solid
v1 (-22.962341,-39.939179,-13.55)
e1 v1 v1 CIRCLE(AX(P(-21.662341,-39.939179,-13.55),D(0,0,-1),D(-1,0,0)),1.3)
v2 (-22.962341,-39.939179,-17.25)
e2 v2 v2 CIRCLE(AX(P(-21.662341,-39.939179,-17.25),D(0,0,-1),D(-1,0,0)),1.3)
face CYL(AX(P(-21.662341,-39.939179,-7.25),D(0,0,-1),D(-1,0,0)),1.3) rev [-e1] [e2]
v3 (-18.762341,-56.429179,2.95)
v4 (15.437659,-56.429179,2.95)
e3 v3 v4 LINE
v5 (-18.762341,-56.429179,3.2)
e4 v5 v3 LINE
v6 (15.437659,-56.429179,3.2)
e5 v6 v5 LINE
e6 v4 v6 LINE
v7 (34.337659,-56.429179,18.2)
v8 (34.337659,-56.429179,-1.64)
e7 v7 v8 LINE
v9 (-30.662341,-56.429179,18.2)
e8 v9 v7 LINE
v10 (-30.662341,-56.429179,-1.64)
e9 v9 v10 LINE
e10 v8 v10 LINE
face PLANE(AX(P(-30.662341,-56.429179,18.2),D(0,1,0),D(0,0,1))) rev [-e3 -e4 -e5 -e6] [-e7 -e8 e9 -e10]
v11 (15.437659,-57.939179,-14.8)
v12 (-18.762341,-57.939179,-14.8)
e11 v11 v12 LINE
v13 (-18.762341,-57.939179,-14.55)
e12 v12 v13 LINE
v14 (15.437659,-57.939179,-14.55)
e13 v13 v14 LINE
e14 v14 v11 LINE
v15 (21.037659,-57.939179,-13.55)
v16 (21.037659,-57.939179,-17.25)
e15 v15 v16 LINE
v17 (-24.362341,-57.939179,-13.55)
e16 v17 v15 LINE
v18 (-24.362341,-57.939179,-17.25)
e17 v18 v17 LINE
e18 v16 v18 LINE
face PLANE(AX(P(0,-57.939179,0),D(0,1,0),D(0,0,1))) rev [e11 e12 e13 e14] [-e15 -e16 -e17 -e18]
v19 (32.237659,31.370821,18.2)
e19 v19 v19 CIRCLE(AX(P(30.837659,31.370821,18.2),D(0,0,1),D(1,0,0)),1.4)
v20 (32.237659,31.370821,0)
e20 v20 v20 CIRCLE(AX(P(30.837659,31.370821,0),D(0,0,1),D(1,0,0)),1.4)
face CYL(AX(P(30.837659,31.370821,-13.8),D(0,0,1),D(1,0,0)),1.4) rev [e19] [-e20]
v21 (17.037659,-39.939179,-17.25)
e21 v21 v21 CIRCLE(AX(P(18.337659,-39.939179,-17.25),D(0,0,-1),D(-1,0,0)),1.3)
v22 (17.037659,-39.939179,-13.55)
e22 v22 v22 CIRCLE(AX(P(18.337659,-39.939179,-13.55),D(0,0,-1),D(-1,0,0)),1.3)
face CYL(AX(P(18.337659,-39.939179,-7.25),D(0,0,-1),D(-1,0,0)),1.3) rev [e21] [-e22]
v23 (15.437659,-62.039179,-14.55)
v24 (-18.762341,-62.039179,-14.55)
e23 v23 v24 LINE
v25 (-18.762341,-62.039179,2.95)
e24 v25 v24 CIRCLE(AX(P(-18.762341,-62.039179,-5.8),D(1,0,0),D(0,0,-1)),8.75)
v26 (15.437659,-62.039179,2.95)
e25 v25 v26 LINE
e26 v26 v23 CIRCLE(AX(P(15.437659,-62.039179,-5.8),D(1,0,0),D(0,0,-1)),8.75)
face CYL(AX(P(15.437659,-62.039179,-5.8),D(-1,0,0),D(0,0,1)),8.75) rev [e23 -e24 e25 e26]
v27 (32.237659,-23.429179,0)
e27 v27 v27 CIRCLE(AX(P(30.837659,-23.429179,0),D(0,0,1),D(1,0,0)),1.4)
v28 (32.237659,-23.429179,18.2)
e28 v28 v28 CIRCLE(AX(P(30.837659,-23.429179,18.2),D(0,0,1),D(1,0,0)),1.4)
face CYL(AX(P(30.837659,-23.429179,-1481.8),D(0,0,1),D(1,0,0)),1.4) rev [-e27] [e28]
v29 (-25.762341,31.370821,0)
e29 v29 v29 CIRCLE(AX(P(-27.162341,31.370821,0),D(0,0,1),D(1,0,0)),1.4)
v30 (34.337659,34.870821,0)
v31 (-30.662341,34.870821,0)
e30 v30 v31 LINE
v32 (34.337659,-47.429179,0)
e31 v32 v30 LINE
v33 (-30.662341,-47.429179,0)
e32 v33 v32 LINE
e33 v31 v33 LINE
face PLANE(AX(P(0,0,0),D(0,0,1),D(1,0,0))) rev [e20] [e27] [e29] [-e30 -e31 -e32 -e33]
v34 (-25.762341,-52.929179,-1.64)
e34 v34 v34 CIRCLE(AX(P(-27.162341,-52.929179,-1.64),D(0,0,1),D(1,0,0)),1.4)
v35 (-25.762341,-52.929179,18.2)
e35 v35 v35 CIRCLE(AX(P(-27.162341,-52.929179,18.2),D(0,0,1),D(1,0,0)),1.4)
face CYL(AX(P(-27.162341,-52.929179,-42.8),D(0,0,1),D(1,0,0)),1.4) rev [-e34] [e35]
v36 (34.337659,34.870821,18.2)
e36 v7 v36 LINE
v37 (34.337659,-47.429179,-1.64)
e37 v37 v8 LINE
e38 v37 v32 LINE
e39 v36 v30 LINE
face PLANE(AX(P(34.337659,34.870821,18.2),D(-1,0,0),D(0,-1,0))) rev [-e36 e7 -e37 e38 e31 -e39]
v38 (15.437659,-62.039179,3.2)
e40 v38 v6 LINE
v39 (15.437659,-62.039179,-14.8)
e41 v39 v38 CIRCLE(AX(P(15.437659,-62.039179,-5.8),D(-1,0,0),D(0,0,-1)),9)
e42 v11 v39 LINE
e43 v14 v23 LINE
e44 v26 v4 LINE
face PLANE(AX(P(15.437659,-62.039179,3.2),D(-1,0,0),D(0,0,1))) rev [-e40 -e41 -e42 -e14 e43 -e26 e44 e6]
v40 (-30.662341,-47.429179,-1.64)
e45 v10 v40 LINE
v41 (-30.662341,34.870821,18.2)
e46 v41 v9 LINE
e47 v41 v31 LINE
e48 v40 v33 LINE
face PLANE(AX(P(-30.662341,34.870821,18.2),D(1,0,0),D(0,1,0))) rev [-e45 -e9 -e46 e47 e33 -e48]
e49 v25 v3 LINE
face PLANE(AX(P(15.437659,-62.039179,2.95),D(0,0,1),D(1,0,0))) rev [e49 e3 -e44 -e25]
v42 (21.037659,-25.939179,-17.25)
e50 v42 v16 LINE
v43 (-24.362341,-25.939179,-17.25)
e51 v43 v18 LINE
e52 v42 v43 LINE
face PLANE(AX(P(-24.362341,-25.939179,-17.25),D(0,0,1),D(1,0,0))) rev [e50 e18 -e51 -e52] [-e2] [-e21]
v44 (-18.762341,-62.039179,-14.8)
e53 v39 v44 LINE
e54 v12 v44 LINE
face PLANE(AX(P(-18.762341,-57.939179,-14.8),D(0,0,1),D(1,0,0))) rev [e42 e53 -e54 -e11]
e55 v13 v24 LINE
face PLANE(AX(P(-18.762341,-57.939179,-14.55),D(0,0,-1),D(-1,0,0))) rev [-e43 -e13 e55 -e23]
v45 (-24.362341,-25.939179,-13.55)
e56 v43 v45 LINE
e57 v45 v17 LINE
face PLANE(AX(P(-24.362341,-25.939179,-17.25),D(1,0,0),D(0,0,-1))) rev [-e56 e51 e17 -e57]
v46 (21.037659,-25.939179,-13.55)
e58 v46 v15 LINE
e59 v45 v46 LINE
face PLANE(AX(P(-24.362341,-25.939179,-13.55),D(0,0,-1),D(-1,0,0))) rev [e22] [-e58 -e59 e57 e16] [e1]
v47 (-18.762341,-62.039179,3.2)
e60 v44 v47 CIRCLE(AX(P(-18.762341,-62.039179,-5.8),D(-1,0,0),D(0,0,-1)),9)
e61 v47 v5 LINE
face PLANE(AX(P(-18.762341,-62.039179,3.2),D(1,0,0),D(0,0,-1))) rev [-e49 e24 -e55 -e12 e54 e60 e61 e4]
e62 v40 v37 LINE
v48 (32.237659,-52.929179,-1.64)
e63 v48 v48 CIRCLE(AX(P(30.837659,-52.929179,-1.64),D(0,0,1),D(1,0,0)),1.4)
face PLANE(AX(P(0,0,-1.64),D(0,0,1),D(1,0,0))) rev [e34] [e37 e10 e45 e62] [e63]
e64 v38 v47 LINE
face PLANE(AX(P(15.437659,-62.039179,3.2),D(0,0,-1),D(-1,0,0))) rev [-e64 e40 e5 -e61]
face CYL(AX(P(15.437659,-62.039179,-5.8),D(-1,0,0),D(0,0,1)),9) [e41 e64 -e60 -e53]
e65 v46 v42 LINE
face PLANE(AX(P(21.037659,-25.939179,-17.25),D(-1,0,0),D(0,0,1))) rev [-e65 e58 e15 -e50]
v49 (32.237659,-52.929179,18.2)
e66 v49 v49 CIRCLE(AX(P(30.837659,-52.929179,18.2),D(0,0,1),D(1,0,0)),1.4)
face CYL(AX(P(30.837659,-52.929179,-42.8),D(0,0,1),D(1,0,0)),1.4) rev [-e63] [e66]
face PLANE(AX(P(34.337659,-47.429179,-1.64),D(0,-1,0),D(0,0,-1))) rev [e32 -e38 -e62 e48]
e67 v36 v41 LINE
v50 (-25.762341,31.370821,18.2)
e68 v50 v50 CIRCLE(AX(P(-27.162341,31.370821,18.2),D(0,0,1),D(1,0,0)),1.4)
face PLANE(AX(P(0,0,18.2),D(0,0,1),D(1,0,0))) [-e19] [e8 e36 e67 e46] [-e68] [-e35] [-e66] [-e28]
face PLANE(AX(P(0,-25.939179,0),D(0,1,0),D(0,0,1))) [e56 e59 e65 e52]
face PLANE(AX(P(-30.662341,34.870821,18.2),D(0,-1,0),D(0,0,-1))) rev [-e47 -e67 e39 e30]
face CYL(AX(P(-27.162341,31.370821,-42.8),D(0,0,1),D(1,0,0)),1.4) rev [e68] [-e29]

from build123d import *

# Parameters (mm, degrees)
SKETCH1_W            = 65
SKETCH1_H            = 91.3
BOSS_EXTRUDE2_DEPTH  = 18.2
SKETCH12_W           = 65
SKETCH12_H           = 9
BOSS_EXTRUDE7_DEPTH  = 1.64
SKETCH13_W           = 34.2
SKETCH13_H           = 0.25
BOSS_EXTRUDE8_DEPTH  = 5.61
BOSS_EXTRUDE13_DEPTH = 34.2
SKETCH19_W           = 34.2
SKETCH19_H           = 0.25
BOSS_EXTRUDE14_DEPTH = 4.1
SKETCH20_W           = 45.4
SKETCH20_H           = 3.7
BOSS_EXTRUDE15_DEPTH = 32
SKETCH21_R           = 1.4
CUT_EXTRUDE2_DEPTH   = 32
SKETCH22_R           = 1.4
CUT_EXTRUDE3_DEPTH   = 61
SKETCH23_R           = 1.4
CUT_EXTRUDE4_DEPTH   = 61
SKETCH24_R           = 1.4
CUT_EXTRUDE5_DEPTH   = 61
SKETCH25_R           = 1.3
CUT_EXTRUDE6_DEPTH   = 10
SKETCH26_R           = 1.3
CUT_EXTRUDE7_DEPTH   = 10
SKETCH27_R           = 1.4
CUT_EXTRUDE9_DEPTH   = 1500


with BuildPart() as part:
    # Sketch1 → Boss-Extrude2 (new body)
    with BuildSketch(Plane.XY):
        with Locations((1.837659334, -10.779179331)):
            Rectangle(SKETCH1_W, SKETCH1_H)
    extrude(amount=BOSS_EXTRUDE2_DEPTH)

    # Sketch12 → Boss-Extrude7 (add)
    with BuildSketch(Plane(origin=(0, 0, 0), x_dir=(-1, 0, 0), z_dir=(0, 0, -1))):
        with Locations((-1.837659334, -51.929179331)):
            Rectangle(SKETCH12_W, SKETCH12_H)
    extrude(amount=BOSS_EXTRUDE7_DEPTH)

    # Sketch13 → Boss-Extrude8 (add)
    with BuildSketch(Plane.XZ.offset(56.429179331)):
        with Locations((-1.662340666, 3.075)):
            Rectangle(SKETCH13_W, SKETCH13_H)
    extrude(amount=BOSS_EXTRUDE8_DEPTH)

    # Sketch18 → Boss-Extrude13 (add)
    with BuildSketch(Plane.ZY.offset(18.762340666)):
        with BuildLine():
            Line((3.2, -62.039179331), (2.95, -62.039179331))
            ThreePointArc((2.95, -62.039179331), (-5.8, -70.789179331), (-14.55, -62.039179331))
            Line((-14.55, -62.039179331), (-14.8, -62.039179331))
            ThreePointArc((-14.8, -62.039179331), (-5.8, -71.039179331), (3.2, -62.039179331))
        make_face()
    extrude(amount=-BOSS_EXTRUDE13_DEPTH)

    # Sketch19 → Boss-Extrude14 (add)
    with BuildSketch(Plane(origin=(0, -62.039179331, 0), x_dir=(1, 0, 0), z_dir=(0, 1, 0))):
        with Locations((-1.662340666, 14.675)):
            Rectangle(SKETCH19_W, SKETCH19_H)
    extrude(amount=BOSS_EXTRUDE14_DEPTH)

    # Sketch20 → Boss-Extrude15 (add)
    with BuildSketch(Plane(origin=(0, -57.939179331, 0), x_dir=(1, 0, 0), z_dir=(0, 1, 0))):
        with Locations((-1.662340666, 15.4)):
            Rectangle(SKETCH20_W, SKETCH20_H)
    extrude(amount=BOSS_EXTRUDE15_DEPTH)

    # Sketch21 → Cut-Extrude2 (cut)
    with BuildSketch(Plane.XY.offset(18.2)):
        with Locations((30.837659334, 31.370820669)):
            Circle(SKETCH21_R)
    extrude(amount=-CUT_EXTRUDE2_DEPTH, mode=Mode.SUBTRACT)

    # Sketch22 → Cut-Extrude3 (cut)
    with BuildSketch(Plane.XY.offset(18.2)):
        with Locations((-27.162340666, 31.370820669)):
            Circle(SKETCH22_R)
    extrude(amount=-CUT_EXTRUDE3_DEPTH, mode=Mode.SUBTRACT)

    # Sketch23 → Cut-Extrude4 (cut)
    with BuildSketch(Plane.XY.offset(18.2)):
        with Locations((30.837659334, -52.929179331)):
            Circle(SKETCH23_R)
    extrude(amount=-CUT_EXTRUDE4_DEPTH, mode=Mode.SUBTRACT)

    # Sketch24 → Cut-Extrude5 (cut)
    with BuildSketch(Plane.XY.offset(18.2)):
        with Locations((-27.162340666, -52.929179331)):
            Circle(SKETCH24_R)
    extrude(amount=-CUT_EXTRUDE5_DEPTH, mode=Mode.SUBTRACT)

    # Sketch25 → Cut-Extrude6 (cut)
    with BuildSketch(Plane(origin=(0, 0, -17.25), x_dir=(-1, 0, 0), z_dir=(0, 0, -1))):
        with Locations((21.662340666, -39.939179331)):
            Circle(SKETCH25_R)
    extrude(amount=-CUT_EXTRUDE6_DEPTH, mode=Mode.SUBTRACT)

    # Sketch26 → Cut-Extrude7 (cut)
    with BuildSketch(Plane(origin=(0, 0, -17.25), x_dir=(-1, 0, 0), z_dir=(0, 0, -1))):
        with Locations((-18.337659334, -39.939179331)):
            Circle(SKETCH26_R)
    extrude(amount=-CUT_EXTRUDE7_DEPTH, mode=Mode.SUBTRACT)

    # Sketch27 → Cut-Extrude9 (cut)
    with BuildSketch(Plane.XY.offset(18.2)):
        with Locations((30.837659334, -23.429179331)):
            Circle(SKETCH27_R)
    extrude(amount=-CUT_EXTRUDE9_DEPTH, mode=Mode.SUBTRACT)


solid = part.part
